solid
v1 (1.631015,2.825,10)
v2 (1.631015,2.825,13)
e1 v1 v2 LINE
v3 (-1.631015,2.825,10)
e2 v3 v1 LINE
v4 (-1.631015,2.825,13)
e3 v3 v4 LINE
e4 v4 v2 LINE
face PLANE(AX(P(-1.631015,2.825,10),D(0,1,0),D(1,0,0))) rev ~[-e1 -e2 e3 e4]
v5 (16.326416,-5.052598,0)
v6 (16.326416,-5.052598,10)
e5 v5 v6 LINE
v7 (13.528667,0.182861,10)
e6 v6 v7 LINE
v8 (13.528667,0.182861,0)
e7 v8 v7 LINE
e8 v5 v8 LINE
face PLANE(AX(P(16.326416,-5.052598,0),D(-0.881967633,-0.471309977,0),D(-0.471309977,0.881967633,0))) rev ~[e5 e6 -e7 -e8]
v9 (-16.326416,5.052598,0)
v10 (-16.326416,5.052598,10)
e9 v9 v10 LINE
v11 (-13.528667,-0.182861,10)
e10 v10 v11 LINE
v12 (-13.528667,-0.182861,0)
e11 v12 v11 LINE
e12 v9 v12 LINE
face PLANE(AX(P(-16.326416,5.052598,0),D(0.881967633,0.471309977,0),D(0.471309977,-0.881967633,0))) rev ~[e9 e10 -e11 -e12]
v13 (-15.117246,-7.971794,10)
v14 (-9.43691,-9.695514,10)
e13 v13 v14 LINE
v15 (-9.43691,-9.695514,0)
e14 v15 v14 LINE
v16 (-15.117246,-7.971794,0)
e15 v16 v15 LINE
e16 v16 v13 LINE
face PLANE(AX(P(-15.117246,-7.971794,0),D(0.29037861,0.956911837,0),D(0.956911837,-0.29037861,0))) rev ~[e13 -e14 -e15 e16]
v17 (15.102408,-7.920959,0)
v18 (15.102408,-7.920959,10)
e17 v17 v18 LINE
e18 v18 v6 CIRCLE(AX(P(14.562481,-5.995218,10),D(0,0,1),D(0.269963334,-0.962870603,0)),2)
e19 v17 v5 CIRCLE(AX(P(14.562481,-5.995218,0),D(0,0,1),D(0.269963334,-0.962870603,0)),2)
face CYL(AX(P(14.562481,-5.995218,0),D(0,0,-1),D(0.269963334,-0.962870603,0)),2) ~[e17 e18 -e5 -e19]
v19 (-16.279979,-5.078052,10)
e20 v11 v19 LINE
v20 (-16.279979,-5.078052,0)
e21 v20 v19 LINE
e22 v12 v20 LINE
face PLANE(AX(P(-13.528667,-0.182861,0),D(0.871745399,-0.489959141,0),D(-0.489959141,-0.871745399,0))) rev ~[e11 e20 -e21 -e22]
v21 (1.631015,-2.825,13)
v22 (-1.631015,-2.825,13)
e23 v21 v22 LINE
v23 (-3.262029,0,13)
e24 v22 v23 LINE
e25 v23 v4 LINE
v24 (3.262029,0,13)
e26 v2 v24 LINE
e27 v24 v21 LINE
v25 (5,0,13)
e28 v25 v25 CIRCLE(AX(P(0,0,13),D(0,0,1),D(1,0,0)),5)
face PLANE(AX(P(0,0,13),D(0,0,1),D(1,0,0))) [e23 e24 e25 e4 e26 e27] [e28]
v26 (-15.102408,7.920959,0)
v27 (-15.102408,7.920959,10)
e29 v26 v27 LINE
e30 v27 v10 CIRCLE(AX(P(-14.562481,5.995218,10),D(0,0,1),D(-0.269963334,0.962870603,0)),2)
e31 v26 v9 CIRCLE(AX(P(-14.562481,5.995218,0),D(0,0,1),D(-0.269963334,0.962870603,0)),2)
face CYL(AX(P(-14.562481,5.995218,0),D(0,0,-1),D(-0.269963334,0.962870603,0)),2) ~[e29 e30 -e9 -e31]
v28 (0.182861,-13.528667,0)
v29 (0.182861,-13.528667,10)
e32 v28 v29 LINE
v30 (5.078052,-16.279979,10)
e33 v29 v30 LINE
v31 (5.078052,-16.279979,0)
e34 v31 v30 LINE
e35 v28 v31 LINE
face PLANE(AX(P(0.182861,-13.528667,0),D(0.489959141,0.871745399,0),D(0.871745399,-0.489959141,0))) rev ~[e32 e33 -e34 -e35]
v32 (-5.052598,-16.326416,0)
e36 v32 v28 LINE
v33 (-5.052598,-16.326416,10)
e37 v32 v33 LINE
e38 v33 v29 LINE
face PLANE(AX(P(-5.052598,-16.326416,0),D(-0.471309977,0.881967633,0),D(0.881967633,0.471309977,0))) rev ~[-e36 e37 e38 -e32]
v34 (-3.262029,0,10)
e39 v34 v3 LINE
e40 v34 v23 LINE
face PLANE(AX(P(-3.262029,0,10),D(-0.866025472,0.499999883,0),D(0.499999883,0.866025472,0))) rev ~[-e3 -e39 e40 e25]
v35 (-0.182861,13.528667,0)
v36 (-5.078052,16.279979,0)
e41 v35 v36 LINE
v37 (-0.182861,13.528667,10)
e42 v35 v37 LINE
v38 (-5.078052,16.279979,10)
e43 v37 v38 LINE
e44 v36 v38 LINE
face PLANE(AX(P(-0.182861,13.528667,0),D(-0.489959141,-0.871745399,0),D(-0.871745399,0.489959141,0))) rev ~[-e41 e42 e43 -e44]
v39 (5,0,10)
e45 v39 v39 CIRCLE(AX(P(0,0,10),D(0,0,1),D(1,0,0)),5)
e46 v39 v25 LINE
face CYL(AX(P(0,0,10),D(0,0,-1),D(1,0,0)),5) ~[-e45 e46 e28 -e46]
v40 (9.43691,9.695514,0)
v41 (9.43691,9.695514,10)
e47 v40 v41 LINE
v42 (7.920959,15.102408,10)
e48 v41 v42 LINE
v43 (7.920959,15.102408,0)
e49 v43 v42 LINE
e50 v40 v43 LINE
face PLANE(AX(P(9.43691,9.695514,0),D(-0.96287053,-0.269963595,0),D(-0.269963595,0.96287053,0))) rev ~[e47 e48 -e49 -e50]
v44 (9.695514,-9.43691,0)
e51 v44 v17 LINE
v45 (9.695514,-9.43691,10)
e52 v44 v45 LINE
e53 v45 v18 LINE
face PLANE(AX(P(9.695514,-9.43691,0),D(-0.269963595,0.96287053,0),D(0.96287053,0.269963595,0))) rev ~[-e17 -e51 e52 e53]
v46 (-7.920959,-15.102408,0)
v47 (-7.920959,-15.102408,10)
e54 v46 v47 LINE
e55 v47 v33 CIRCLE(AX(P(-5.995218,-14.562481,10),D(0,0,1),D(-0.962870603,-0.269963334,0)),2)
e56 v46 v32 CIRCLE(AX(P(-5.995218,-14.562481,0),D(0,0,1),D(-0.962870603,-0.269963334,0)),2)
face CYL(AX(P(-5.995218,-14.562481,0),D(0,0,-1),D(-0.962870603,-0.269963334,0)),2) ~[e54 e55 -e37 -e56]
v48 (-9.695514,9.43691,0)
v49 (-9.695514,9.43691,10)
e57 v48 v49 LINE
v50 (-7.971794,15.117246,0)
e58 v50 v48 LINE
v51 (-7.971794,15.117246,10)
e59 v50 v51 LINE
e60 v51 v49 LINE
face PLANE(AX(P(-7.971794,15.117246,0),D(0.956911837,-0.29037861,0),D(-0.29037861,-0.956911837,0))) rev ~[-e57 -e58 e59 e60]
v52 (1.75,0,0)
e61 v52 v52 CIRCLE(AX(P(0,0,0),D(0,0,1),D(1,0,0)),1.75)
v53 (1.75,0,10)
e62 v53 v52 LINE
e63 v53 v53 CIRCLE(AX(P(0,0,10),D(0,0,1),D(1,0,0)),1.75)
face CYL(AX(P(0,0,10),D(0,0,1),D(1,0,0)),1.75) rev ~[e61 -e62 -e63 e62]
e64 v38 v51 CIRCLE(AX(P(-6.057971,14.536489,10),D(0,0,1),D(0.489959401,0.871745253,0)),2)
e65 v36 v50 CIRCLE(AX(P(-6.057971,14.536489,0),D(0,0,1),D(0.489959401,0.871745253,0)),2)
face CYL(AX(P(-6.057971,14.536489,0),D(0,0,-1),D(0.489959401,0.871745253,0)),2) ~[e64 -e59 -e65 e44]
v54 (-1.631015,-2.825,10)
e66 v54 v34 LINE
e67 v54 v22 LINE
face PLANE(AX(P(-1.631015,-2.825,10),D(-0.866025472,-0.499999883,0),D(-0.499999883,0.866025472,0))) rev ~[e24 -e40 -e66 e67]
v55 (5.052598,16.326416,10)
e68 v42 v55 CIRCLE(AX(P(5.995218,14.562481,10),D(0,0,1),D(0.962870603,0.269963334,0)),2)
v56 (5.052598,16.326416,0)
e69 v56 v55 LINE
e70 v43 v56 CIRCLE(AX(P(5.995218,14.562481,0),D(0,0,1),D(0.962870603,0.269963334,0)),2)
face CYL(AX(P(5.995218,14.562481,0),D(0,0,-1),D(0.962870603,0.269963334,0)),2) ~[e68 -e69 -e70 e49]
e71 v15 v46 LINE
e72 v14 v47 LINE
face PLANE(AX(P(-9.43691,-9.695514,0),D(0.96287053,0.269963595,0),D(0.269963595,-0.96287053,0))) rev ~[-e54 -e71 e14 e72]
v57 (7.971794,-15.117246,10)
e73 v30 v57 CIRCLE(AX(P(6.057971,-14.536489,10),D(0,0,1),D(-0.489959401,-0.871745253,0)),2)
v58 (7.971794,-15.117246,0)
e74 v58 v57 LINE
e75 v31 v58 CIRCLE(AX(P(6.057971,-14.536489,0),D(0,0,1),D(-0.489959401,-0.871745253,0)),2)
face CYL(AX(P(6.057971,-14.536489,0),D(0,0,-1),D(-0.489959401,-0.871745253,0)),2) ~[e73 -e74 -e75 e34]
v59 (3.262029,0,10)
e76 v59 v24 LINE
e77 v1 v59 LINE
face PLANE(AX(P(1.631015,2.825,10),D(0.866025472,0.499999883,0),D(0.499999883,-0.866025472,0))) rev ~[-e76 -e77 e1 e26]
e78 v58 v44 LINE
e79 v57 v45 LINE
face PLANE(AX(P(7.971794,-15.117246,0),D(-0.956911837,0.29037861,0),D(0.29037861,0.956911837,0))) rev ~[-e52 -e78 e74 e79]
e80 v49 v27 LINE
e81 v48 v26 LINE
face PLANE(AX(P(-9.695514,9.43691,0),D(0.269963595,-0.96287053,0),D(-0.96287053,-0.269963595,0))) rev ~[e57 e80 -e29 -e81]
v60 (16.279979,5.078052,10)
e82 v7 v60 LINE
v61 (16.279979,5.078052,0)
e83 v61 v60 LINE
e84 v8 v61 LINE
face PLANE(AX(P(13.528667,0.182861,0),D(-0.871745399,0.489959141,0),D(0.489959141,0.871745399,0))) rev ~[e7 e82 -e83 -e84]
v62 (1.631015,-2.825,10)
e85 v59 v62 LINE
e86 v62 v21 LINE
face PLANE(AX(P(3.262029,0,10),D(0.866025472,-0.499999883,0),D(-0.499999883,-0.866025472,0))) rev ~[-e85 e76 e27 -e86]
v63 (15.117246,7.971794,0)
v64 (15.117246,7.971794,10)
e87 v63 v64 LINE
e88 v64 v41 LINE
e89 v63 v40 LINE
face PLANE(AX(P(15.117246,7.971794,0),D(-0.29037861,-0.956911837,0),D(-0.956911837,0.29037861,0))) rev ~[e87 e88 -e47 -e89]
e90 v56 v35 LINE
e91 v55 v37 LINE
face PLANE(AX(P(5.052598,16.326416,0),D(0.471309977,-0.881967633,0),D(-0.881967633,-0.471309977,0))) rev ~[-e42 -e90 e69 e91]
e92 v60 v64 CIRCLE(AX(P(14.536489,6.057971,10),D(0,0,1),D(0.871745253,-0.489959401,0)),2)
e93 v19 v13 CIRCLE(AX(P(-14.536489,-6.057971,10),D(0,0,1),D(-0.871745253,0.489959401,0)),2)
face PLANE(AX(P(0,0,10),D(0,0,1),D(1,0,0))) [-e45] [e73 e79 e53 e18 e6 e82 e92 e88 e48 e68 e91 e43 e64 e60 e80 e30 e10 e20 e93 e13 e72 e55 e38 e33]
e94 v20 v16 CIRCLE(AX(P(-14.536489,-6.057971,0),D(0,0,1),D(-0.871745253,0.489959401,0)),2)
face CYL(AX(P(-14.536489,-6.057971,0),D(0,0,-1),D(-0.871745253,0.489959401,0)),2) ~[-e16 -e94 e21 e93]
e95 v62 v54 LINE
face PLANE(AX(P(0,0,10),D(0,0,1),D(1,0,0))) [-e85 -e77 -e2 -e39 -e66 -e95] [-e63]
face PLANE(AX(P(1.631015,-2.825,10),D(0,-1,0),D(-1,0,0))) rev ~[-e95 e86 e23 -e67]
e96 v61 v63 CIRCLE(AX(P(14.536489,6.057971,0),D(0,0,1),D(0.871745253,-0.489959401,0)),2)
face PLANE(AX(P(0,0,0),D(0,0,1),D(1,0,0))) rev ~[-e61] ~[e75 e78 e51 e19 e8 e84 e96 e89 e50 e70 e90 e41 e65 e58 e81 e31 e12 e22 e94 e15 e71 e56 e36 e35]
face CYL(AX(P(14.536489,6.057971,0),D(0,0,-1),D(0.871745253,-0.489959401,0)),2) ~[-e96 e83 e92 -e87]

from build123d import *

# Parameters (mm, degrees)
F1_DEPTH = 10
F2_R     = 5
F3_DEPTH = 3
F4_R     = 1.75
F5_DEPTH = 10.001


with BuildPart() as f1:
    # F0 (on Top) → F1 (new body)
    with BuildSketch(Plane.XY):
        with BuildLine():
            Line((-7.971794, 15.117246), (-9.695514, 9.43691))
            Line((-9.695514, 9.43691), (-15.102408, 7.920959))
            ThreePointArc((-15.102408, 7.920959), (-16.401997, 6.78019), (-16.326416, 5.052598))
            Line((-16.326416, 5.052598), (-13.528667, -0.182861))
            Line((-13.528667, -0.182861), (-16.279979, -5.078052))
            ThreePointArc((-16.279979, -5.078052), (-16.392282, -6.803645), (-15.117246, -7.971794))
            Line((-15.117246, -7.971794), (-9.43691, -9.695514))
            Line((-9.43691, -9.695514), (-7.920959, -15.102408))
            ThreePointArc((-7.920959, -15.102408), (-6.78019, -16.401997), (-5.052598, -16.326416))
            Line((-5.052598, -16.326416), (0.182861, -13.528667))
            Line((0.182861, -13.528667), (5.078052, -16.279979))
            ThreePointArc((5.078052, -16.279979), (6.803645, -16.392282), (7.971794, -15.117246))
            Line((7.971794, -15.117246), (9.695514, -9.43691))
            Line((9.695514, -9.43691), (15.102408, -7.920959))
            ThreePointArc((15.102408, -7.920959), (16.401997, -6.78019), (16.326416, -5.052598))
            Line((16.326416, -5.052598), (13.528667, 0.182861))
            Line((13.528667, 0.182861), (16.279979, 5.078052))
            ThreePointArc((16.279979, 5.078052), (16.392282, 6.803645), (15.117246, 7.971794))
            Line((15.117246, 7.971794), (9.43691, 9.695514))
            Line((9.43691, 9.695514), (7.920959, 15.102408))
            ThreePointArc((7.920959, 15.102408), (6.78019, 16.401997), (5.052598, 16.326416))
            Line((5.052598, 16.326416), (-0.182861, 13.528667))
            Line((-0.182861, 13.528667), (-5.078052, 16.279979))
            ThreePointArc((-5.078052, 16.279979), (-6.803645, 16.392282), (-7.971794, 15.117246))
        make_face()
    extrude(amount=F1_DEPTH)

    # F2 (on face) → F3 (join)
    with BuildSketch(Plane.XY.offset(10)):
        Circle(F2_R)
        Polygon((-3.262029, 0), (-1.631015, 2.825), (1.631015, 2.825), (3.262029, 0), (1.631015, -2.825), (-1.631015, -2.825), align=None, mode=Mode.SUBTRACT)
    extrude(amount=F3_DEPTH)

    # F4 (on face) → F5 (cut, through all)
    with BuildSketch(Plane.XY.offset(10)):
        Circle(F4_R)
    extrude(amount=-F5_DEPTH, mode=Mode.SUBTRACT)


solid = f1.part
